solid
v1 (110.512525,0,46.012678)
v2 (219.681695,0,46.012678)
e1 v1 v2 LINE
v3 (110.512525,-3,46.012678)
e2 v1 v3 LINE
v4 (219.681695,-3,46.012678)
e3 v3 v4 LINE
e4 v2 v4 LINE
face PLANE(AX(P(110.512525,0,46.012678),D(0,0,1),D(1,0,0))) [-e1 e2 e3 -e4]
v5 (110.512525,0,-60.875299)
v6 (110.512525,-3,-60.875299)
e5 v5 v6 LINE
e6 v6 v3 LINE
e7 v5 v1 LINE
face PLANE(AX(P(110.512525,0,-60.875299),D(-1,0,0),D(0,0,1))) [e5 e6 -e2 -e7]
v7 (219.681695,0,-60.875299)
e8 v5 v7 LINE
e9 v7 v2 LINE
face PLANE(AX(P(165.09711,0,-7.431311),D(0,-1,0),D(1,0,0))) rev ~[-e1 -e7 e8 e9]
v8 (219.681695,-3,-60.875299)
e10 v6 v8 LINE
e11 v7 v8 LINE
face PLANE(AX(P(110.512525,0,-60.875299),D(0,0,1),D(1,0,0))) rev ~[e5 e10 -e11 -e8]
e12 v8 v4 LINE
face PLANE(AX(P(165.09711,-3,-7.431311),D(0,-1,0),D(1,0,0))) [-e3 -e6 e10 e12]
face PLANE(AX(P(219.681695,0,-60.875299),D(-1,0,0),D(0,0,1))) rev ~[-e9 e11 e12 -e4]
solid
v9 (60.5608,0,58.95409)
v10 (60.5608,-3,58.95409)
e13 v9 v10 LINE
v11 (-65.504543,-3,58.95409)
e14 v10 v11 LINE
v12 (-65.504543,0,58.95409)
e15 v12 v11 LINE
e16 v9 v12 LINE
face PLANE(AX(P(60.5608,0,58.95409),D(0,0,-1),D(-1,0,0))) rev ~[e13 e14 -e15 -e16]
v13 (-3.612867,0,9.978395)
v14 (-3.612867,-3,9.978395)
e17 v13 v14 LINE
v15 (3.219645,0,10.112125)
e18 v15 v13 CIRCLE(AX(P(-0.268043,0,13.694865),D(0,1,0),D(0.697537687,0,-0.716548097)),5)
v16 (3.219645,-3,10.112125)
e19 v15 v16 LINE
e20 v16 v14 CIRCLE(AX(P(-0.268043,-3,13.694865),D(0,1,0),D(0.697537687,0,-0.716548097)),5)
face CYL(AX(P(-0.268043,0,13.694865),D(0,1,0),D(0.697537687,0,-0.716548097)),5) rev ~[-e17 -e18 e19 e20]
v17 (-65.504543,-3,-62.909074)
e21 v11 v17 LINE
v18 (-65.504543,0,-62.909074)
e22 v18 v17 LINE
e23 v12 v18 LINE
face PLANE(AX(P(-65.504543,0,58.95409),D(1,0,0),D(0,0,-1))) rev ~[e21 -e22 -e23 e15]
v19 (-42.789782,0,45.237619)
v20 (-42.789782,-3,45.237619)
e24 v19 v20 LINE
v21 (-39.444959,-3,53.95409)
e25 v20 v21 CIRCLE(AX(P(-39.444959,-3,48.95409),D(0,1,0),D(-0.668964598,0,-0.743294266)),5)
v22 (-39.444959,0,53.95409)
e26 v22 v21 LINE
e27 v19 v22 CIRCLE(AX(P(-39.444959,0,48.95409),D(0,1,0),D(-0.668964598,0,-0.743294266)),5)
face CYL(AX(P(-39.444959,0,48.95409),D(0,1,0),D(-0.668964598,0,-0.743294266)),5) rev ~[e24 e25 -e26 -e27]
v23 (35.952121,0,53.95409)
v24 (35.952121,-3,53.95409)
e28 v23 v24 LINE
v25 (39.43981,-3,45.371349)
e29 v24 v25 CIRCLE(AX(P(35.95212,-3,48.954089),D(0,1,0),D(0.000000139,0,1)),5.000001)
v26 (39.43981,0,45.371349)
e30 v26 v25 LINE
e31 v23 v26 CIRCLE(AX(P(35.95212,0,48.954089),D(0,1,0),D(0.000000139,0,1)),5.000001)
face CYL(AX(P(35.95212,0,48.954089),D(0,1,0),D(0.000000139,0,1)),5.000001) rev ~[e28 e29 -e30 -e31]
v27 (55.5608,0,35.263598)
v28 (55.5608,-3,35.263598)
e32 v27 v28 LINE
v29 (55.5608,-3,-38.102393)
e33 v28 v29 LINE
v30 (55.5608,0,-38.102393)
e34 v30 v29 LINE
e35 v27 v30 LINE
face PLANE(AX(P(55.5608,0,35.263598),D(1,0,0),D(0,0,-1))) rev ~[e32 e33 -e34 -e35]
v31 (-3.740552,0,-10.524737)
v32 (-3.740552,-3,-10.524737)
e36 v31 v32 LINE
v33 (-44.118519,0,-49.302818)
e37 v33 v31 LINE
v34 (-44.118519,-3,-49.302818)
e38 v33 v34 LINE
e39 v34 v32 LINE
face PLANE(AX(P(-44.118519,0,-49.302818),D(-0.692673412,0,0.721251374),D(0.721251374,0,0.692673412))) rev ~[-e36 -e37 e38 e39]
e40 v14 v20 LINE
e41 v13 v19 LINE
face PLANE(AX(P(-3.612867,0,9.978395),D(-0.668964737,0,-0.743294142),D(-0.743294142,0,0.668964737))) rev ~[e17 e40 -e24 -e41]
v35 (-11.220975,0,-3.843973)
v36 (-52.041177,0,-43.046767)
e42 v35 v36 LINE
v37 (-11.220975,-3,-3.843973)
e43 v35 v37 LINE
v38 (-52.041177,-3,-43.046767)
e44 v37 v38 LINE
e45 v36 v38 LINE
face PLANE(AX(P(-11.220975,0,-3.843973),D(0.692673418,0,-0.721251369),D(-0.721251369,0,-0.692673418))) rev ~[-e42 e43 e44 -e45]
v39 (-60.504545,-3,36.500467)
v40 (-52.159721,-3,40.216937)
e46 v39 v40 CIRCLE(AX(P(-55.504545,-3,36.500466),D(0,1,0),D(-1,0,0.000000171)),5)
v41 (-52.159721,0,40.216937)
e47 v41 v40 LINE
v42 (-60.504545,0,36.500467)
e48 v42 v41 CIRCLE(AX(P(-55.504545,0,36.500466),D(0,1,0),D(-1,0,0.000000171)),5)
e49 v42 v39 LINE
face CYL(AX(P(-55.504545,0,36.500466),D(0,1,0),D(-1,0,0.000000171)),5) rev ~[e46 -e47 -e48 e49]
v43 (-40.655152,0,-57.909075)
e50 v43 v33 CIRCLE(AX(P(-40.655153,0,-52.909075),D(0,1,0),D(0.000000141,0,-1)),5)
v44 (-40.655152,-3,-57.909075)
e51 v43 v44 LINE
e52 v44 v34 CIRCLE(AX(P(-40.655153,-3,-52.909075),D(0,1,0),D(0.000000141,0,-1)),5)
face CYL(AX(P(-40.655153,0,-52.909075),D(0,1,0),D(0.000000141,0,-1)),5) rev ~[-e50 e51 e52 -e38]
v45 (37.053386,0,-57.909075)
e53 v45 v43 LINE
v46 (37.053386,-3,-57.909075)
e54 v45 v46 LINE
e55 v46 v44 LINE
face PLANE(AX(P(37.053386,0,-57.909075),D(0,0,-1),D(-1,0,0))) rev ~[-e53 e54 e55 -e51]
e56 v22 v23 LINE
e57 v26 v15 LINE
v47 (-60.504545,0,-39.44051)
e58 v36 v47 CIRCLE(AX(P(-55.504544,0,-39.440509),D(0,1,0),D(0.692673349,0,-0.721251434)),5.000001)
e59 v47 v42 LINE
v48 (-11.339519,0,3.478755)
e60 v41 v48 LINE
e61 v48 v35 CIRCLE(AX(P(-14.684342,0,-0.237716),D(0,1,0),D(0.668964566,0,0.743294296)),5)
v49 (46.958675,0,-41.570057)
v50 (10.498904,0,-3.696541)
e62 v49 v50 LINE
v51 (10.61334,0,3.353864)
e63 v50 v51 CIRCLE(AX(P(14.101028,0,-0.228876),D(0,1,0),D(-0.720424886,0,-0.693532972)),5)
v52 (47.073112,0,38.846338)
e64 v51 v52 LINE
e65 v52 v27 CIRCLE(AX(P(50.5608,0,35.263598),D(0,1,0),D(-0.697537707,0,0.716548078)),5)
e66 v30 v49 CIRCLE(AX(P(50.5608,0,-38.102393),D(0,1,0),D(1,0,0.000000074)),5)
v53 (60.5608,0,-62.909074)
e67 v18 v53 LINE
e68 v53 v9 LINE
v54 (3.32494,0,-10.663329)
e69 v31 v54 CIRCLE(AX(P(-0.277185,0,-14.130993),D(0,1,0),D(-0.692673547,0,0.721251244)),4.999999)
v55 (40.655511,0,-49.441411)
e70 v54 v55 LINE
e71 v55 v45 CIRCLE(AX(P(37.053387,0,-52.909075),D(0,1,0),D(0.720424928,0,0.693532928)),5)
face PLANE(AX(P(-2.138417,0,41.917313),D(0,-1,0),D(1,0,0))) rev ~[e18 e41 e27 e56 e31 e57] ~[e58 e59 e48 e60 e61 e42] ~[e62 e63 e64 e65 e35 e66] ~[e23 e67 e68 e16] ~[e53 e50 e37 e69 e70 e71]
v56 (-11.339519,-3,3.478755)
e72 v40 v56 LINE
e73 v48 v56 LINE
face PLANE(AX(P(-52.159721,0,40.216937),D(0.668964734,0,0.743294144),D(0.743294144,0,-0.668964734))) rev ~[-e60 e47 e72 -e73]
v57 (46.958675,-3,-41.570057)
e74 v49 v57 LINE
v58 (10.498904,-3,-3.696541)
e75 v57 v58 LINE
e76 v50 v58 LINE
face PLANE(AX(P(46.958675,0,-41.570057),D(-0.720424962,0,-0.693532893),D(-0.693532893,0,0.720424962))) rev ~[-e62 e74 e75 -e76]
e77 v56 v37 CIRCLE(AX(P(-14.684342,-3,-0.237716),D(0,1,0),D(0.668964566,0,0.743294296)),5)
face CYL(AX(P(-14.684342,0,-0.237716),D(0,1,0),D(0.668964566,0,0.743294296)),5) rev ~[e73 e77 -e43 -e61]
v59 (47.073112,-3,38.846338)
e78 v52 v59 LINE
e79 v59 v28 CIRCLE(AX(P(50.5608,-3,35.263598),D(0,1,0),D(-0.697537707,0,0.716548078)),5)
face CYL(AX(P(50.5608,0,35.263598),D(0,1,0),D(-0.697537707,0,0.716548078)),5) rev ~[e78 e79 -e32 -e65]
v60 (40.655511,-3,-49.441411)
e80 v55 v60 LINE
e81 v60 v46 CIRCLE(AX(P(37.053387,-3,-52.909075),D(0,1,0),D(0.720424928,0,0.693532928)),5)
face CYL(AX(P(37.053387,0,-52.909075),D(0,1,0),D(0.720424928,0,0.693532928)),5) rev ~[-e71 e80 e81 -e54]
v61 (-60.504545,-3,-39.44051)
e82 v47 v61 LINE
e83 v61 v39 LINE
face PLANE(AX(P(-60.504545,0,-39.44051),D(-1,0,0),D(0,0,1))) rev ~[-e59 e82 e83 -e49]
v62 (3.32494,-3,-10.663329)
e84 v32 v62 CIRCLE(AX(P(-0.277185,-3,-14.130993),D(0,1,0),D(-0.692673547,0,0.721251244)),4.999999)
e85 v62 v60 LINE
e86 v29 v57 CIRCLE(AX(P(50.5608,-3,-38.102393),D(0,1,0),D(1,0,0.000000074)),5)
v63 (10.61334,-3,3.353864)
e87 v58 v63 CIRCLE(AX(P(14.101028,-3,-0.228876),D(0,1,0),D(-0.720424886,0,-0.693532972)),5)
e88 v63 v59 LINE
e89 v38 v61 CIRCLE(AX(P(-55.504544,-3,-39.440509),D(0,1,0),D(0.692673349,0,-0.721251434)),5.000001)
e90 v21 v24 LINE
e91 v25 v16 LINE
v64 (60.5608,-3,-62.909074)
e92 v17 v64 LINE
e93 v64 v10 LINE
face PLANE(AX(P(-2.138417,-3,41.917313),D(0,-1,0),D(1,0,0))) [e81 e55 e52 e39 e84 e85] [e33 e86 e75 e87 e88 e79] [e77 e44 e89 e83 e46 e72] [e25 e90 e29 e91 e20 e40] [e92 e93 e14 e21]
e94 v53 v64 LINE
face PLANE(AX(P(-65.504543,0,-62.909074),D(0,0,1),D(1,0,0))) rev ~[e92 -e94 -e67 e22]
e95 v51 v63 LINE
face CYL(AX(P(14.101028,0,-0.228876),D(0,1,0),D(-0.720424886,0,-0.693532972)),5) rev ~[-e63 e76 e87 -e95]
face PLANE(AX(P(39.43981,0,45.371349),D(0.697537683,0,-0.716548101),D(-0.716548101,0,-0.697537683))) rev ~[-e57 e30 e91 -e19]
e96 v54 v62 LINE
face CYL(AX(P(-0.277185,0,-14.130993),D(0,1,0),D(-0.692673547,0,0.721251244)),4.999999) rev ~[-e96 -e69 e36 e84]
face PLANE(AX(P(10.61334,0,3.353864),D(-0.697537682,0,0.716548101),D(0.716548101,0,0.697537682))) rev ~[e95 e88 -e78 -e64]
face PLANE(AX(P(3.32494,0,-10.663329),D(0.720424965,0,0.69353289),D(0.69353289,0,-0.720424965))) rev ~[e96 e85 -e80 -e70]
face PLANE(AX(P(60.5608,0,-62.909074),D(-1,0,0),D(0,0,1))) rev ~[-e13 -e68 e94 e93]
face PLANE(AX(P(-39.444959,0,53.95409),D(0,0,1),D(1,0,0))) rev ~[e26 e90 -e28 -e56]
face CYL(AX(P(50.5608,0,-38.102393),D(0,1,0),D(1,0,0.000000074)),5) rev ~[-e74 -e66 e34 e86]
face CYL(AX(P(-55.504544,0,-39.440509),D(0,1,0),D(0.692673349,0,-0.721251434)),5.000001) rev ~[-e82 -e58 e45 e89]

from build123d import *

# Parameters (mm, degrees)
F1_DEPTH = 3
F2_W     = 109.16917
F2_H     = 106.887977
F3_DEPTH = 3


with BuildPart() as f1:
    # F0 (on Front) → F1 (new body)
    with BuildSketch(Plane.XZ):
        Polygon((60.5608, 58.95409), (-65.504543, 58.95409), (0, 0), align=None)
        with BuildLine():
            ThreePointArc((-42.789782, 45.237619), (-44.113061, 50.745409), (-39.444959, 53.95409))
            Line((-39.444959, 53.95409), (35.952121, 53.95409))
            ThreePointArc((35.952121, 53.95409), (40.584275, 50.836415), (39.43981, 45.371349))
            Line((39.43981, 45.371349), (3.219645, 10.112125))
            ThreePointArc((3.219645, 10.112125), (-0.170199, 8.695823), (-3.612867, 9.978395))
            Line((-3.612867, 9.978395), (-42.789782, 45.237619))
        make_face(mode=Mode.SUBTRACT)
        Polygon((0, 0), (-65.504543, 58.95409), (-65.504543, -62.909074), align=None)
        with BuildLine():
            Line((-60.504545, -39.44051), (-60.504545, 36.500467))
            ThreePointArc((-60.504545, 36.500467), (-57.538737, 41.067967), (-52.159721, 40.216937))
            Line((-52.159721, 40.216937), (-11.339519, 3.478755))
            ThreePointArc((-11.339519, 3.478755), (-9.684997, -0.156784), (-11.220975, -3.843973))
            Line((-11.220975, -3.843973), (-52.041177, -43.046767))
            ThreePointArc((-52.041177, -43.046767), (-57.46454, -44.040338), (-60.504545, -39.44051))
        make_face(mode=Mode.SUBTRACT)
        Polygon((0, 0), (-65.504543, -62.909074), (60.5608, -62.909074), align=None)
        with BuildLine():
            Line((37.053386, -57.909075), (-40.655152, -57.909075))
            ThreePointArc((-40.655152, -57.909075), (-45.293648, -54.775719), (-44.118519, -49.302818))
            Line((-44.118519, -49.302818), (-3.740552, -10.524737))
            ThreePointArc((-3.740552, -10.524737), (-0.179127, -9.131955), (3.32494, -10.663329))
            Line((3.32494, -10.663329), (40.655511, -49.441411))
            ThreePointArc((40.655511, -49.441411), (41.654382, -54.866328), (37.053386, -57.909075))
        make_face(mode=Mode.SUBTRACT)
        Polygon((60.5608, -62.909074), (60.5608, 58.95409), (0, 0), align=None)
        with BuildLine():
            ThreePointArc((47.073112, 38.846338), (52.505223, 39.87003), (55.5608, 35.263598))
            Line((55.5608, 35.263598), (55.5608, -38.102393))
            ThreePointArc((55.5608, -38.102393), (52.430209, -42.739775), (46.958675, -41.570057))
            Line((46.958675, -41.570057), (10.498904, -3.696541))
            ThreePointArc((10.498904, -3.696541), (9.101687, -0.147731), (10.61334, 3.353864))
            Line((10.61334, 3.353864), (47.073112, 38.846338))
        make_face(mode=Mode.SUBTRACT)
    extrude(amount=F1_DEPTH)


with BuildPart() as f3:
    # F2 (on Front) → F3 (new body)
    with BuildSketch(Plane.XZ):
        with Locations((165.09711, -7.431311)):
            Rectangle(F2_W, F2_H)
    extrude(amount=F3_DEPTH)


solid = Compound([f1.part, f3.part])
